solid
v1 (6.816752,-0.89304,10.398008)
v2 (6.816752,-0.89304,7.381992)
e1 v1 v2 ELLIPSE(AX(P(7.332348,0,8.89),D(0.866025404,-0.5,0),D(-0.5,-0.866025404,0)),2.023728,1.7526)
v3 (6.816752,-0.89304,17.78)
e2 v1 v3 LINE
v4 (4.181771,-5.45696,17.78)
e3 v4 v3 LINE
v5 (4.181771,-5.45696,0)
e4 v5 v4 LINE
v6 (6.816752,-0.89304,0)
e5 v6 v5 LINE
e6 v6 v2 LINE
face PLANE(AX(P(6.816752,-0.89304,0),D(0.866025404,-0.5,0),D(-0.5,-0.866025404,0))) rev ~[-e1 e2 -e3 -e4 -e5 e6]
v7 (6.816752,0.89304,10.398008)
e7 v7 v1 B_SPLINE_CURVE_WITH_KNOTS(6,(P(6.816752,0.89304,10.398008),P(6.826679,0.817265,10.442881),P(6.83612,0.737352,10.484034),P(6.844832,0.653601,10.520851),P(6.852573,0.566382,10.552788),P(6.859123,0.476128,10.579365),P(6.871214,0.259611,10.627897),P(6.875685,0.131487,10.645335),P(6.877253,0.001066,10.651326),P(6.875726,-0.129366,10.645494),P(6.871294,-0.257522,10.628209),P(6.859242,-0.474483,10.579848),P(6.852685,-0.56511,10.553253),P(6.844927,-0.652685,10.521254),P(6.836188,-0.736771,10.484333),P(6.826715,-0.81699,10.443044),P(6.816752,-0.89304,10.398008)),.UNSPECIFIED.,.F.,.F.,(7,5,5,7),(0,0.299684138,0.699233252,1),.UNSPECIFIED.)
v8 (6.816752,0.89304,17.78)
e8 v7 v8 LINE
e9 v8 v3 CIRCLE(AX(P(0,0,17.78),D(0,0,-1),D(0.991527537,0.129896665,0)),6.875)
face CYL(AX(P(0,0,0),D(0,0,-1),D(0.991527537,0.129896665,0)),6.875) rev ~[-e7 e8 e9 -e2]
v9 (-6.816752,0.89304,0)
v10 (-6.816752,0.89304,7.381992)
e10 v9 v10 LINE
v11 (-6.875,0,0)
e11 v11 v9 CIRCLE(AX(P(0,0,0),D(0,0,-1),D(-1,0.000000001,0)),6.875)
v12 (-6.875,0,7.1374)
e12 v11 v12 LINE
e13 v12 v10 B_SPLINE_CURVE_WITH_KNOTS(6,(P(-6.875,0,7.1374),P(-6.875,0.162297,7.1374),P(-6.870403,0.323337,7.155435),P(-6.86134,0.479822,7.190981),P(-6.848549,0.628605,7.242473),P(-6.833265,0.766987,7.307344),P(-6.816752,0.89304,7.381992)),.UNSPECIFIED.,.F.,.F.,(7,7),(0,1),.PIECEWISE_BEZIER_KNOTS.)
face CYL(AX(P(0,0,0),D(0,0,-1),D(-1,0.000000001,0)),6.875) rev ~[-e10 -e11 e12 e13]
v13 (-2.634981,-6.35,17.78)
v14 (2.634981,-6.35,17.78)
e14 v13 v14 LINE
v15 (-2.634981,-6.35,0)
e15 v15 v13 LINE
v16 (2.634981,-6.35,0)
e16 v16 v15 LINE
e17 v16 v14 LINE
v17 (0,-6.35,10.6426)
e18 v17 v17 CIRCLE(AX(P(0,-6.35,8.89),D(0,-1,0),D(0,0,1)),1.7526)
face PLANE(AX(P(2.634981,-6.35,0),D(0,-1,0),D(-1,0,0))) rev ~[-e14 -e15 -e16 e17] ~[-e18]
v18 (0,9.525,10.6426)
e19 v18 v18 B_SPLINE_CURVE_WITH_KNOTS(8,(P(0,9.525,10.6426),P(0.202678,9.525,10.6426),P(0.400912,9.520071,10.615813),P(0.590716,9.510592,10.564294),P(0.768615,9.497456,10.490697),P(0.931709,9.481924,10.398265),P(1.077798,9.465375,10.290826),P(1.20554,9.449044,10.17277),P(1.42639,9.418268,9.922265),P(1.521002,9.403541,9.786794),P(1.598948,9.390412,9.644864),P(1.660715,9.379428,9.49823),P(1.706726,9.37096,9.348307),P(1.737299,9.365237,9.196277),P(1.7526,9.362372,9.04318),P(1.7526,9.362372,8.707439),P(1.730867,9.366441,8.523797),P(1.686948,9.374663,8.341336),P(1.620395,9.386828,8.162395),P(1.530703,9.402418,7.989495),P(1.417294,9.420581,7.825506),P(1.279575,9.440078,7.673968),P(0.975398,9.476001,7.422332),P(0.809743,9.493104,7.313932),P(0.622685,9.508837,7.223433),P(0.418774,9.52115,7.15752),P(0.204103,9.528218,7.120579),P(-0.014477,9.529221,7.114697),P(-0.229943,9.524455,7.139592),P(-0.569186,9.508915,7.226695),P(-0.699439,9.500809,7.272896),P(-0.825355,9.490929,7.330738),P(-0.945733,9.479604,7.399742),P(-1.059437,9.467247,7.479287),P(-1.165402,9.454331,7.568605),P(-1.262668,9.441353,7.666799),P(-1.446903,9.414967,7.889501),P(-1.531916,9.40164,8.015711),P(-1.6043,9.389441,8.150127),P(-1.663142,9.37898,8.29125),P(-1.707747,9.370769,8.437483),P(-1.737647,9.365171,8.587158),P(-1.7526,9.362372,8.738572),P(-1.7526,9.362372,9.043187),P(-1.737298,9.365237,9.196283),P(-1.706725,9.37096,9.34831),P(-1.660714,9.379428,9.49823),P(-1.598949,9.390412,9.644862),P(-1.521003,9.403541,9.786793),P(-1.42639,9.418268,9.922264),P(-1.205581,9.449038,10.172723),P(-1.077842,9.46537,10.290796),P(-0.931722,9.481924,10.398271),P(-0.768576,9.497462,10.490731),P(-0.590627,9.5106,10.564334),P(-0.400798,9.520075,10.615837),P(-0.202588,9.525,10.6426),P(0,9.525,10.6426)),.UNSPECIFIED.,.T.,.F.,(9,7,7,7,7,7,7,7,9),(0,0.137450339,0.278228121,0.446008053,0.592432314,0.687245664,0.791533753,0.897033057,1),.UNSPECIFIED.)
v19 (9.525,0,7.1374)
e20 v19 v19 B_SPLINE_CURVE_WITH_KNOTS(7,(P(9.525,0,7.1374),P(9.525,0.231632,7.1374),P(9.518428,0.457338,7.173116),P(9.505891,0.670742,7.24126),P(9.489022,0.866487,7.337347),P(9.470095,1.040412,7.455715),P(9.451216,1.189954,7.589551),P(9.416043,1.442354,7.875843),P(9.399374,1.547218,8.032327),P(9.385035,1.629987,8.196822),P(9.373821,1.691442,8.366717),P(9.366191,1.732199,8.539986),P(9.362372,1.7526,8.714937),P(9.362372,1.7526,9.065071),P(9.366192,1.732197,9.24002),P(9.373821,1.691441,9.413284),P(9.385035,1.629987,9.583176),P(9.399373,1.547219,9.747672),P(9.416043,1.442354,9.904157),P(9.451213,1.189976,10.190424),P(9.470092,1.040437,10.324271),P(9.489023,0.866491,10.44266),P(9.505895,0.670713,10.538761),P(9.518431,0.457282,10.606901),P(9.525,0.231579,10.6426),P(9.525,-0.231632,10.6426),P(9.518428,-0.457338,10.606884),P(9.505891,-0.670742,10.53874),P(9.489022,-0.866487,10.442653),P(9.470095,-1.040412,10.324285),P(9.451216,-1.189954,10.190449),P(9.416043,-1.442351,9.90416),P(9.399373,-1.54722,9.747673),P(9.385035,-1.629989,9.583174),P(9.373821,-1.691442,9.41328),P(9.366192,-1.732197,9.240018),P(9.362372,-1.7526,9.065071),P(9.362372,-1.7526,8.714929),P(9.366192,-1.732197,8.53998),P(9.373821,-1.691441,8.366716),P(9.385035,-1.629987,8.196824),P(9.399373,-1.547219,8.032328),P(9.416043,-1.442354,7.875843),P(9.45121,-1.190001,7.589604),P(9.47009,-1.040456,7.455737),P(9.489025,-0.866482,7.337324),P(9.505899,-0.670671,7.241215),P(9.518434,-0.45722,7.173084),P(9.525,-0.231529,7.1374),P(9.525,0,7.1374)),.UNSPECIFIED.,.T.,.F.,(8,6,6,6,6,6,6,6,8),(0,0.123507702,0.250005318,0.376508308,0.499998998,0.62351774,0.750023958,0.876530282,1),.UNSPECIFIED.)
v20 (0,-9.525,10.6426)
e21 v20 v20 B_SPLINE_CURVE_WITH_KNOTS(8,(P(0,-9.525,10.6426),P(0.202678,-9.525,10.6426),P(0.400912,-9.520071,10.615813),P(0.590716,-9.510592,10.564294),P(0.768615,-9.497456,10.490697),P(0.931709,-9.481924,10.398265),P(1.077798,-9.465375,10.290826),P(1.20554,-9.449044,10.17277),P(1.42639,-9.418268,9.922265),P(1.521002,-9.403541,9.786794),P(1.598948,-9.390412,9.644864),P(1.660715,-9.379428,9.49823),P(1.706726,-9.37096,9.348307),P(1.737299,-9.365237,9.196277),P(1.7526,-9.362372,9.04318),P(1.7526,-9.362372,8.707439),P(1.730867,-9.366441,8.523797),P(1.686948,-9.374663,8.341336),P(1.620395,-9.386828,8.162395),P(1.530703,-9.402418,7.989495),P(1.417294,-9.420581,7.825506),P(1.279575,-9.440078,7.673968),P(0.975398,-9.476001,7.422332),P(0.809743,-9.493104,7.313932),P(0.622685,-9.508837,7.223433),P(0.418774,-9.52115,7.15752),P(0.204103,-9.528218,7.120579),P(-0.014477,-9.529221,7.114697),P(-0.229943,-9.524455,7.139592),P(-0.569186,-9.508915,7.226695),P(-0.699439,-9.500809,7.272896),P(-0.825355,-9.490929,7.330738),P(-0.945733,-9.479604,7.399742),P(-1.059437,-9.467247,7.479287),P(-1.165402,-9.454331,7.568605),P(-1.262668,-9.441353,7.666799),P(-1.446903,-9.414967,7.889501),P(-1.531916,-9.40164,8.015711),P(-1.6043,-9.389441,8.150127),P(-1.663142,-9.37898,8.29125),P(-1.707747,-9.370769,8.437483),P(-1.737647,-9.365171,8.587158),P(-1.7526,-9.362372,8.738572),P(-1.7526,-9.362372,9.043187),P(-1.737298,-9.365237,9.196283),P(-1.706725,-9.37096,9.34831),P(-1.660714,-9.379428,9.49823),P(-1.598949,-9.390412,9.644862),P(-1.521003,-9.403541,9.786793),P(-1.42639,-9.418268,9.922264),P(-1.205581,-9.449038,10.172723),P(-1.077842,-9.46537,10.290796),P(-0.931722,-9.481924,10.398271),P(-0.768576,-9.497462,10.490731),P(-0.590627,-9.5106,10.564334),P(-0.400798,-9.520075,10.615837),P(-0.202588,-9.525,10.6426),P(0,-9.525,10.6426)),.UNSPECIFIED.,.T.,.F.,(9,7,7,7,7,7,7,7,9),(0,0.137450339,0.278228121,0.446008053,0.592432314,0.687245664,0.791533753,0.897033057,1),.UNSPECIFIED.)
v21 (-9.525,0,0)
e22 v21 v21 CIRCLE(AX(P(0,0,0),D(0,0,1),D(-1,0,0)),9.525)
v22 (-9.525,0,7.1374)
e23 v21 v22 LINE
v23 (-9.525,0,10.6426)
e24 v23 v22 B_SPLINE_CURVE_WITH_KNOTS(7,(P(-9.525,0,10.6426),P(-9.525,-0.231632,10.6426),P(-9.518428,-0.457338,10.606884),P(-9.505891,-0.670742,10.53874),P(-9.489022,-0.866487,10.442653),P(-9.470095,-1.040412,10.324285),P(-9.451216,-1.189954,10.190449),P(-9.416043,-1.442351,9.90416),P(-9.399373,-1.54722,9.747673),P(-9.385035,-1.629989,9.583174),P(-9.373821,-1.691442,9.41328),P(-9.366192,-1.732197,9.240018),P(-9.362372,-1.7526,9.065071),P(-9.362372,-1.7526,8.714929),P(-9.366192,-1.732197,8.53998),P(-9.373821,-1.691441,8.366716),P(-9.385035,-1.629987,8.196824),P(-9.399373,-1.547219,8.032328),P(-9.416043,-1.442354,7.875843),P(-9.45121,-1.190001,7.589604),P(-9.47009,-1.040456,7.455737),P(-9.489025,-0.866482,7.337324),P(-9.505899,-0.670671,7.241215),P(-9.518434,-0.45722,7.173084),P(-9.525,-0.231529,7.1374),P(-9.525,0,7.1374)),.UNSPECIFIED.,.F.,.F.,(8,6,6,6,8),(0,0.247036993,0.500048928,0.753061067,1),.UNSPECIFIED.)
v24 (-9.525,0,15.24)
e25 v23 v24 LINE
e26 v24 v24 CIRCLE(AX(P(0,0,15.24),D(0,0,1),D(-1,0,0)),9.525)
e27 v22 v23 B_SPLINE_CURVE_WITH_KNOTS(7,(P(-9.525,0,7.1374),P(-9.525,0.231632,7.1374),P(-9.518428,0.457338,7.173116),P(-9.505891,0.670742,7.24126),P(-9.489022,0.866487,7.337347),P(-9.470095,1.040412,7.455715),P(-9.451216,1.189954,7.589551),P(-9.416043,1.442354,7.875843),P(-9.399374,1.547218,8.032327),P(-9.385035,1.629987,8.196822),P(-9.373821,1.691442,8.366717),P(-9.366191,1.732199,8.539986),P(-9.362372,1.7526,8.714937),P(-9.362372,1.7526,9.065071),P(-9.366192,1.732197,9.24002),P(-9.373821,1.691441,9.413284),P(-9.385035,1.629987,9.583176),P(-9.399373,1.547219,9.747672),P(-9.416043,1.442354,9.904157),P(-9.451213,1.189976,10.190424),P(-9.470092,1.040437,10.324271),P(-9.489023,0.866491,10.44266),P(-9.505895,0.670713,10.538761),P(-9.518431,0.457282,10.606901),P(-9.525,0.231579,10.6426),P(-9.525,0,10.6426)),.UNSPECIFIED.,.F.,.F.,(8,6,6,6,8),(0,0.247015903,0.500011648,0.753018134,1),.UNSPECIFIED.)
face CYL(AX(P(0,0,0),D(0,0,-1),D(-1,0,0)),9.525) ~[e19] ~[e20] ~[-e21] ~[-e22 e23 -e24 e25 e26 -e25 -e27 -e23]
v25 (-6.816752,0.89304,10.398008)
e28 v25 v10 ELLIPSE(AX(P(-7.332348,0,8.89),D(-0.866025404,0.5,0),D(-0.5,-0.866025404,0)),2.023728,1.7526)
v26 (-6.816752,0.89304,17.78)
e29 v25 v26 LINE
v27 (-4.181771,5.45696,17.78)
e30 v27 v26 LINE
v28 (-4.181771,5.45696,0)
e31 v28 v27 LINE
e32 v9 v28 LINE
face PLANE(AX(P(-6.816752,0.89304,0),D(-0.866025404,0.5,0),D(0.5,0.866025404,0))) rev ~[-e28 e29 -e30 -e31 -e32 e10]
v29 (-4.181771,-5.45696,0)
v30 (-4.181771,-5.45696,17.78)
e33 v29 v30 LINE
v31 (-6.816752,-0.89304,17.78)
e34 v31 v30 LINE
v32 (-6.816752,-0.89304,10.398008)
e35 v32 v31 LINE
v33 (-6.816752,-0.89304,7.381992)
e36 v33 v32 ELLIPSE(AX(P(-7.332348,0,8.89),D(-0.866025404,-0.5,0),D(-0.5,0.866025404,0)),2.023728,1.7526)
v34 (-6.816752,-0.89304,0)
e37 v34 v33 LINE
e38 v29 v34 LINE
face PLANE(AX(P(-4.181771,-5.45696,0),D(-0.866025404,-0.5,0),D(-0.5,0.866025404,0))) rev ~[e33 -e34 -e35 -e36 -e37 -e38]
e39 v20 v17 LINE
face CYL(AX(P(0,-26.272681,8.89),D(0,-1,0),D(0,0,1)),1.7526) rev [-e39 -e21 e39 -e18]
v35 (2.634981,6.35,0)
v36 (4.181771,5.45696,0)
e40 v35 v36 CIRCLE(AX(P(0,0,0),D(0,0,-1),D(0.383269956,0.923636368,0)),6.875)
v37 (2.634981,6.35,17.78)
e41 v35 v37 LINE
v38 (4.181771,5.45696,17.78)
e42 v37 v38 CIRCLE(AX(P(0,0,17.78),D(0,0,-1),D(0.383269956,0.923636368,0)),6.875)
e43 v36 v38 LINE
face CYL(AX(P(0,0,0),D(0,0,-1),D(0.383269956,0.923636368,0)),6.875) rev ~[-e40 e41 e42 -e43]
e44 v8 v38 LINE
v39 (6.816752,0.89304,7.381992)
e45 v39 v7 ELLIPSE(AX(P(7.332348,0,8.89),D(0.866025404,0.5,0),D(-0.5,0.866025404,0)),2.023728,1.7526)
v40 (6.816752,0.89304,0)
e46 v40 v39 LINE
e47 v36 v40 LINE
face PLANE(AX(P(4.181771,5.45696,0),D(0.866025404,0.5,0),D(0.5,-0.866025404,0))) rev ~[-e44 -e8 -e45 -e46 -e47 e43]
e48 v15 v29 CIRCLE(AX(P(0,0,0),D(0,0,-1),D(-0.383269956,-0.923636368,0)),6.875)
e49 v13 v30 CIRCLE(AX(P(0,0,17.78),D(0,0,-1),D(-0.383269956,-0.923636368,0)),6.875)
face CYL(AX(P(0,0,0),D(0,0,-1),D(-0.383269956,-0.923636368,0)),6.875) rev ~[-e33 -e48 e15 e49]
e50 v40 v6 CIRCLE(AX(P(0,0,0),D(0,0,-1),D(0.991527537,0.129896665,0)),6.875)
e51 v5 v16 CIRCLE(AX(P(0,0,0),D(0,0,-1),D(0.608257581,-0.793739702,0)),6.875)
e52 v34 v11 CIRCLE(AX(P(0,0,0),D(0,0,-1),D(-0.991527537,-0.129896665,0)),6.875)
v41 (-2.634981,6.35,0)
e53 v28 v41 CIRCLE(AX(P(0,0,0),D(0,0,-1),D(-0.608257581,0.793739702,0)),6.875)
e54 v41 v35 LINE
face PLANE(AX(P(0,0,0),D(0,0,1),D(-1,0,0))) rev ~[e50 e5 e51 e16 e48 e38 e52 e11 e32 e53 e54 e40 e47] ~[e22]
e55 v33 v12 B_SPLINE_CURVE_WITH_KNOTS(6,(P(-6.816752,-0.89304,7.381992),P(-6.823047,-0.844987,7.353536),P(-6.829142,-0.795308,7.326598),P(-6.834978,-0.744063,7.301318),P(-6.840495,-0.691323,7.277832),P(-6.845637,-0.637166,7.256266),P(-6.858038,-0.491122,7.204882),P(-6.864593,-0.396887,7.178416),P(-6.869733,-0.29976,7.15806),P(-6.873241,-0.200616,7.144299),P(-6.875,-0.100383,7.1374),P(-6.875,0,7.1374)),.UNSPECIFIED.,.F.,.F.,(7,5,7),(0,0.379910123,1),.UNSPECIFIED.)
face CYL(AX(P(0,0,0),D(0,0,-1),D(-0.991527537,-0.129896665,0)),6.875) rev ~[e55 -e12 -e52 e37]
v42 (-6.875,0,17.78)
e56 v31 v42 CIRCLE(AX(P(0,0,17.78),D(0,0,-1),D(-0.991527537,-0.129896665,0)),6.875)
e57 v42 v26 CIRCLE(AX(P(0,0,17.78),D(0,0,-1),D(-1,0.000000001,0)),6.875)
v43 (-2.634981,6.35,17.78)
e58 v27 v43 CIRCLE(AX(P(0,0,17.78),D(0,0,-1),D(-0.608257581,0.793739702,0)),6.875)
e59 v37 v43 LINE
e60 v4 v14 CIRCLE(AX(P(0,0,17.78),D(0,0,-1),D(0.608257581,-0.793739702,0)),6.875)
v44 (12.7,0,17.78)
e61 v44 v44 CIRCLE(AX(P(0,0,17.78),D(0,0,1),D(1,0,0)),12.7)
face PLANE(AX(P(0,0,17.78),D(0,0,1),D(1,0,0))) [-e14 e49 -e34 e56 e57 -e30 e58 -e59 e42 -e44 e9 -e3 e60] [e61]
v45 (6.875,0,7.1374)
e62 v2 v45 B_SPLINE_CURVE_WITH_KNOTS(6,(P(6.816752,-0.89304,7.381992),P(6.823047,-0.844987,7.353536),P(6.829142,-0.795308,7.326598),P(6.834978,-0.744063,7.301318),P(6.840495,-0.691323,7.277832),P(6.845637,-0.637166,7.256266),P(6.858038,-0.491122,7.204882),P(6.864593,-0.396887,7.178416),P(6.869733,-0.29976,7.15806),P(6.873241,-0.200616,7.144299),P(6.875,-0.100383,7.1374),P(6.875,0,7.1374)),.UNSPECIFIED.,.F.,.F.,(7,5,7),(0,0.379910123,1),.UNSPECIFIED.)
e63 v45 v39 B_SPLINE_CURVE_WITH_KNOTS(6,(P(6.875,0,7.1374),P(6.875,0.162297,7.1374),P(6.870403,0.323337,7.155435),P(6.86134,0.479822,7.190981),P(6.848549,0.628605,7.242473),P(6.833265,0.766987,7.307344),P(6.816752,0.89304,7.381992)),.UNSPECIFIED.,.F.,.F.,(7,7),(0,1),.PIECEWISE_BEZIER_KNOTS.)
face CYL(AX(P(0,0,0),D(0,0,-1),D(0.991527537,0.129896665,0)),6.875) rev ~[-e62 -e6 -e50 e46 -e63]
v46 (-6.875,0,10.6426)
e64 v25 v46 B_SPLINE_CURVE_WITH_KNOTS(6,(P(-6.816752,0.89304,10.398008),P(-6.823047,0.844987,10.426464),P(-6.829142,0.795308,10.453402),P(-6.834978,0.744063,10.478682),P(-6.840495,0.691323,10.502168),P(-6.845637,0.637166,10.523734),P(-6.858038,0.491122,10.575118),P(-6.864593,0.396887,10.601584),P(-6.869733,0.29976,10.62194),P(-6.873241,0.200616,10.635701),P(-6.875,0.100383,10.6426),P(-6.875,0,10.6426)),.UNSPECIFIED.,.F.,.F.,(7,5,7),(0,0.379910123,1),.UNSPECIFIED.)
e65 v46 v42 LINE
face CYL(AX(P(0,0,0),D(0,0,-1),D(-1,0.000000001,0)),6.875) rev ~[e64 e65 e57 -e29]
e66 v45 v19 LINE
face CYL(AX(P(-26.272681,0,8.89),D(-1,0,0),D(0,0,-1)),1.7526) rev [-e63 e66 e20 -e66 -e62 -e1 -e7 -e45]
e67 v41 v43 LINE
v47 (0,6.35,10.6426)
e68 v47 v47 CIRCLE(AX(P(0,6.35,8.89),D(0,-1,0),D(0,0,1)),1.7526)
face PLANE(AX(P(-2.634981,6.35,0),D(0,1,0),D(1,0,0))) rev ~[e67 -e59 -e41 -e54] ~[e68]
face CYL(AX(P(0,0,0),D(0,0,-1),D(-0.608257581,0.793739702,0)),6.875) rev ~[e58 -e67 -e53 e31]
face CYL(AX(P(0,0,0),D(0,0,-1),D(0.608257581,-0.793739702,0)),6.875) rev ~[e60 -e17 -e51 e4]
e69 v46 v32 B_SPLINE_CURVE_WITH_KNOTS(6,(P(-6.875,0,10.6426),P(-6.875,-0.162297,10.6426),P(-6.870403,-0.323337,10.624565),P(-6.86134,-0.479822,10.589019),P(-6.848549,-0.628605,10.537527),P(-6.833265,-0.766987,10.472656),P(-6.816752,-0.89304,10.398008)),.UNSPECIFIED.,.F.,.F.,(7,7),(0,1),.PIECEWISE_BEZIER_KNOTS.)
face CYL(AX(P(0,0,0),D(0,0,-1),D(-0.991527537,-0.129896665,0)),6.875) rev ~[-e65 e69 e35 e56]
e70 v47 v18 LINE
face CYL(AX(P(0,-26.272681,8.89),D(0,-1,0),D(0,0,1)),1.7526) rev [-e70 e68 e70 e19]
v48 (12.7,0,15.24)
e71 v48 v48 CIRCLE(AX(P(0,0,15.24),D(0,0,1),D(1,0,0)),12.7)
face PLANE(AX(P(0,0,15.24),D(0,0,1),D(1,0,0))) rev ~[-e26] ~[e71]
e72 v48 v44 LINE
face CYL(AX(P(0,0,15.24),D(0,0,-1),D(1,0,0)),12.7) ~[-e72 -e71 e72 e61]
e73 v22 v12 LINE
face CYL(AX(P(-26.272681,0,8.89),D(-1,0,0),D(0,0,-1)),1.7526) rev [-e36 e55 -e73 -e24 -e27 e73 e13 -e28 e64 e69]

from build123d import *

# Parameters (mm, degrees)
SKETCH5_R               = 9.525
BOSS_EXTRUDE1_DEPTH     = 15.24
SKETCH6_R               = 12.7
BOSS_EXTRUDE2_DEPTH     = 2.54
CUT_EXTRUDE1_DEPTH      = 26.272680903
CUT_EXTRUDE3_DEPTH      = 26.272680903
CUT_EXTRUDE3_DEPTH_BACK = 26.272680903
SKETCH8_R               = 1.7526
CUT_EXTRUDE4_DEPTH      = 26.272680973
CUT_EXTRUDE4_DEPTH_BACK = 26.272680973
SKETCH9_R               = 1.7526


with BuildPart() as part:
    # Sketch5 → Boss-Extrude1 (new body)
    with BuildSketch(Plane.XY):
        with Locations(Location((0, 0, 0), (0, 0, 180))):
            Circle(SKETCH5_R)
    extrude(amount=BOSS_EXTRUDE1_DEPTH)

    # Sketch6 → Boss-Extrude2 (add)
    with BuildSketch(Plane.XY.offset(15.24)):
        Circle(SKETCH6_R)
    extrude(amount=BOSS_EXTRUDE2_DEPTH)

    # Sketch7 → Cut-Extrude1 (cut, through all)
    with BuildSketch(Plane(origin=(0, 0, 0), x_dir=(-1, 0, 0), z_dir=(0, 0, -1))):
        with BuildLine():
            ThreePointArc((4.181770846, 5.456960429), (3.437499983, 5.953924622), (2.634980936, 6.35))
            Line((2.634980936, 6.35), (-2.634980936, 6.35))
            ThreePointArc((-2.634980936, 6.35), (-3.437499983, 5.953924622), (-4.181770846, 5.456960429))
            Line((-4.181770846, 5.456960429), (-6.816751782, 0.893039571))
            ThreePointArc((-6.816751782, 0.893039571), (-6.874999966, 0), (-6.816751782, -0.893039571))
            Line((-6.816751782, -0.893039571), (-4.181770846, -5.456960429))
            ThreePointArc((-4.181770846, -5.456960429), (-3.437499983, -5.953924622), (-2.634980936, -6.35))
            Line((-2.634980936, -6.35), (2.634980936, -6.35))
            ThreePointArc((2.634980936, -6.35), (3.437499983, -5.953924622), (4.181770846, -5.456960429))
            Line((4.181770846, -5.456960429), (6.816751782, -0.893039571))
            ThreePointArc((6.816751782, -0.893039571), (6.860422465, -0.447468582), (6.874999966, 0))
            ThreePointArc((6.874999966, 0), (6.860422465, 0.447468582), (6.816751782, 0.893039571))
            Line((6.816751782, 0.893039571), (4.181770846, 5.456960429))
        make_face()
    extrude(amount=-CUT_EXTRUDE1_DEPTH, mode=Mode.SUBTRACT)

    # Sketch8 → Cut-Extrude3 (cut, two sides: drawn at the far end of the back side and taken through both)
    with BuildSketch(Plane(origin=(0, 0, 0), x_dir=(0, 0, -1), z_dir=(1, 0, 0)).offset(-CUT_EXTRUDE3_DEPTH_BACK)):
        with Locations((-8.89, 0)):
            Circle(SKETCH8_R)
    extrude(amount=CUT_EXTRUDE3_DEPTH + CUT_EXTRUDE3_DEPTH_BACK, mode=Mode.SUBTRACT)

    # Sketch9 → Cut-Extrude4 (cut, two sides: drawn at the far end of the back side and taken through both)
    with BuildSketch(Plane(origin=(0, 0, 0), x_dir=(1, 0, 0), z_dir=(0, 1, 0)).offset(-CUT_EXTRUDE4_DEPTH_BACK)):
        with Locations(Location((0, -8.89, 0), (0, 0, 270))):
            Circle(SKETCH9_R)
    extrude(amount=CUT_EXTRUDE4_DEPTH + CUT_EXTRUDE4_DEPTH_BACK, mode=Mode.SUBTRACT)


solid = part.part
